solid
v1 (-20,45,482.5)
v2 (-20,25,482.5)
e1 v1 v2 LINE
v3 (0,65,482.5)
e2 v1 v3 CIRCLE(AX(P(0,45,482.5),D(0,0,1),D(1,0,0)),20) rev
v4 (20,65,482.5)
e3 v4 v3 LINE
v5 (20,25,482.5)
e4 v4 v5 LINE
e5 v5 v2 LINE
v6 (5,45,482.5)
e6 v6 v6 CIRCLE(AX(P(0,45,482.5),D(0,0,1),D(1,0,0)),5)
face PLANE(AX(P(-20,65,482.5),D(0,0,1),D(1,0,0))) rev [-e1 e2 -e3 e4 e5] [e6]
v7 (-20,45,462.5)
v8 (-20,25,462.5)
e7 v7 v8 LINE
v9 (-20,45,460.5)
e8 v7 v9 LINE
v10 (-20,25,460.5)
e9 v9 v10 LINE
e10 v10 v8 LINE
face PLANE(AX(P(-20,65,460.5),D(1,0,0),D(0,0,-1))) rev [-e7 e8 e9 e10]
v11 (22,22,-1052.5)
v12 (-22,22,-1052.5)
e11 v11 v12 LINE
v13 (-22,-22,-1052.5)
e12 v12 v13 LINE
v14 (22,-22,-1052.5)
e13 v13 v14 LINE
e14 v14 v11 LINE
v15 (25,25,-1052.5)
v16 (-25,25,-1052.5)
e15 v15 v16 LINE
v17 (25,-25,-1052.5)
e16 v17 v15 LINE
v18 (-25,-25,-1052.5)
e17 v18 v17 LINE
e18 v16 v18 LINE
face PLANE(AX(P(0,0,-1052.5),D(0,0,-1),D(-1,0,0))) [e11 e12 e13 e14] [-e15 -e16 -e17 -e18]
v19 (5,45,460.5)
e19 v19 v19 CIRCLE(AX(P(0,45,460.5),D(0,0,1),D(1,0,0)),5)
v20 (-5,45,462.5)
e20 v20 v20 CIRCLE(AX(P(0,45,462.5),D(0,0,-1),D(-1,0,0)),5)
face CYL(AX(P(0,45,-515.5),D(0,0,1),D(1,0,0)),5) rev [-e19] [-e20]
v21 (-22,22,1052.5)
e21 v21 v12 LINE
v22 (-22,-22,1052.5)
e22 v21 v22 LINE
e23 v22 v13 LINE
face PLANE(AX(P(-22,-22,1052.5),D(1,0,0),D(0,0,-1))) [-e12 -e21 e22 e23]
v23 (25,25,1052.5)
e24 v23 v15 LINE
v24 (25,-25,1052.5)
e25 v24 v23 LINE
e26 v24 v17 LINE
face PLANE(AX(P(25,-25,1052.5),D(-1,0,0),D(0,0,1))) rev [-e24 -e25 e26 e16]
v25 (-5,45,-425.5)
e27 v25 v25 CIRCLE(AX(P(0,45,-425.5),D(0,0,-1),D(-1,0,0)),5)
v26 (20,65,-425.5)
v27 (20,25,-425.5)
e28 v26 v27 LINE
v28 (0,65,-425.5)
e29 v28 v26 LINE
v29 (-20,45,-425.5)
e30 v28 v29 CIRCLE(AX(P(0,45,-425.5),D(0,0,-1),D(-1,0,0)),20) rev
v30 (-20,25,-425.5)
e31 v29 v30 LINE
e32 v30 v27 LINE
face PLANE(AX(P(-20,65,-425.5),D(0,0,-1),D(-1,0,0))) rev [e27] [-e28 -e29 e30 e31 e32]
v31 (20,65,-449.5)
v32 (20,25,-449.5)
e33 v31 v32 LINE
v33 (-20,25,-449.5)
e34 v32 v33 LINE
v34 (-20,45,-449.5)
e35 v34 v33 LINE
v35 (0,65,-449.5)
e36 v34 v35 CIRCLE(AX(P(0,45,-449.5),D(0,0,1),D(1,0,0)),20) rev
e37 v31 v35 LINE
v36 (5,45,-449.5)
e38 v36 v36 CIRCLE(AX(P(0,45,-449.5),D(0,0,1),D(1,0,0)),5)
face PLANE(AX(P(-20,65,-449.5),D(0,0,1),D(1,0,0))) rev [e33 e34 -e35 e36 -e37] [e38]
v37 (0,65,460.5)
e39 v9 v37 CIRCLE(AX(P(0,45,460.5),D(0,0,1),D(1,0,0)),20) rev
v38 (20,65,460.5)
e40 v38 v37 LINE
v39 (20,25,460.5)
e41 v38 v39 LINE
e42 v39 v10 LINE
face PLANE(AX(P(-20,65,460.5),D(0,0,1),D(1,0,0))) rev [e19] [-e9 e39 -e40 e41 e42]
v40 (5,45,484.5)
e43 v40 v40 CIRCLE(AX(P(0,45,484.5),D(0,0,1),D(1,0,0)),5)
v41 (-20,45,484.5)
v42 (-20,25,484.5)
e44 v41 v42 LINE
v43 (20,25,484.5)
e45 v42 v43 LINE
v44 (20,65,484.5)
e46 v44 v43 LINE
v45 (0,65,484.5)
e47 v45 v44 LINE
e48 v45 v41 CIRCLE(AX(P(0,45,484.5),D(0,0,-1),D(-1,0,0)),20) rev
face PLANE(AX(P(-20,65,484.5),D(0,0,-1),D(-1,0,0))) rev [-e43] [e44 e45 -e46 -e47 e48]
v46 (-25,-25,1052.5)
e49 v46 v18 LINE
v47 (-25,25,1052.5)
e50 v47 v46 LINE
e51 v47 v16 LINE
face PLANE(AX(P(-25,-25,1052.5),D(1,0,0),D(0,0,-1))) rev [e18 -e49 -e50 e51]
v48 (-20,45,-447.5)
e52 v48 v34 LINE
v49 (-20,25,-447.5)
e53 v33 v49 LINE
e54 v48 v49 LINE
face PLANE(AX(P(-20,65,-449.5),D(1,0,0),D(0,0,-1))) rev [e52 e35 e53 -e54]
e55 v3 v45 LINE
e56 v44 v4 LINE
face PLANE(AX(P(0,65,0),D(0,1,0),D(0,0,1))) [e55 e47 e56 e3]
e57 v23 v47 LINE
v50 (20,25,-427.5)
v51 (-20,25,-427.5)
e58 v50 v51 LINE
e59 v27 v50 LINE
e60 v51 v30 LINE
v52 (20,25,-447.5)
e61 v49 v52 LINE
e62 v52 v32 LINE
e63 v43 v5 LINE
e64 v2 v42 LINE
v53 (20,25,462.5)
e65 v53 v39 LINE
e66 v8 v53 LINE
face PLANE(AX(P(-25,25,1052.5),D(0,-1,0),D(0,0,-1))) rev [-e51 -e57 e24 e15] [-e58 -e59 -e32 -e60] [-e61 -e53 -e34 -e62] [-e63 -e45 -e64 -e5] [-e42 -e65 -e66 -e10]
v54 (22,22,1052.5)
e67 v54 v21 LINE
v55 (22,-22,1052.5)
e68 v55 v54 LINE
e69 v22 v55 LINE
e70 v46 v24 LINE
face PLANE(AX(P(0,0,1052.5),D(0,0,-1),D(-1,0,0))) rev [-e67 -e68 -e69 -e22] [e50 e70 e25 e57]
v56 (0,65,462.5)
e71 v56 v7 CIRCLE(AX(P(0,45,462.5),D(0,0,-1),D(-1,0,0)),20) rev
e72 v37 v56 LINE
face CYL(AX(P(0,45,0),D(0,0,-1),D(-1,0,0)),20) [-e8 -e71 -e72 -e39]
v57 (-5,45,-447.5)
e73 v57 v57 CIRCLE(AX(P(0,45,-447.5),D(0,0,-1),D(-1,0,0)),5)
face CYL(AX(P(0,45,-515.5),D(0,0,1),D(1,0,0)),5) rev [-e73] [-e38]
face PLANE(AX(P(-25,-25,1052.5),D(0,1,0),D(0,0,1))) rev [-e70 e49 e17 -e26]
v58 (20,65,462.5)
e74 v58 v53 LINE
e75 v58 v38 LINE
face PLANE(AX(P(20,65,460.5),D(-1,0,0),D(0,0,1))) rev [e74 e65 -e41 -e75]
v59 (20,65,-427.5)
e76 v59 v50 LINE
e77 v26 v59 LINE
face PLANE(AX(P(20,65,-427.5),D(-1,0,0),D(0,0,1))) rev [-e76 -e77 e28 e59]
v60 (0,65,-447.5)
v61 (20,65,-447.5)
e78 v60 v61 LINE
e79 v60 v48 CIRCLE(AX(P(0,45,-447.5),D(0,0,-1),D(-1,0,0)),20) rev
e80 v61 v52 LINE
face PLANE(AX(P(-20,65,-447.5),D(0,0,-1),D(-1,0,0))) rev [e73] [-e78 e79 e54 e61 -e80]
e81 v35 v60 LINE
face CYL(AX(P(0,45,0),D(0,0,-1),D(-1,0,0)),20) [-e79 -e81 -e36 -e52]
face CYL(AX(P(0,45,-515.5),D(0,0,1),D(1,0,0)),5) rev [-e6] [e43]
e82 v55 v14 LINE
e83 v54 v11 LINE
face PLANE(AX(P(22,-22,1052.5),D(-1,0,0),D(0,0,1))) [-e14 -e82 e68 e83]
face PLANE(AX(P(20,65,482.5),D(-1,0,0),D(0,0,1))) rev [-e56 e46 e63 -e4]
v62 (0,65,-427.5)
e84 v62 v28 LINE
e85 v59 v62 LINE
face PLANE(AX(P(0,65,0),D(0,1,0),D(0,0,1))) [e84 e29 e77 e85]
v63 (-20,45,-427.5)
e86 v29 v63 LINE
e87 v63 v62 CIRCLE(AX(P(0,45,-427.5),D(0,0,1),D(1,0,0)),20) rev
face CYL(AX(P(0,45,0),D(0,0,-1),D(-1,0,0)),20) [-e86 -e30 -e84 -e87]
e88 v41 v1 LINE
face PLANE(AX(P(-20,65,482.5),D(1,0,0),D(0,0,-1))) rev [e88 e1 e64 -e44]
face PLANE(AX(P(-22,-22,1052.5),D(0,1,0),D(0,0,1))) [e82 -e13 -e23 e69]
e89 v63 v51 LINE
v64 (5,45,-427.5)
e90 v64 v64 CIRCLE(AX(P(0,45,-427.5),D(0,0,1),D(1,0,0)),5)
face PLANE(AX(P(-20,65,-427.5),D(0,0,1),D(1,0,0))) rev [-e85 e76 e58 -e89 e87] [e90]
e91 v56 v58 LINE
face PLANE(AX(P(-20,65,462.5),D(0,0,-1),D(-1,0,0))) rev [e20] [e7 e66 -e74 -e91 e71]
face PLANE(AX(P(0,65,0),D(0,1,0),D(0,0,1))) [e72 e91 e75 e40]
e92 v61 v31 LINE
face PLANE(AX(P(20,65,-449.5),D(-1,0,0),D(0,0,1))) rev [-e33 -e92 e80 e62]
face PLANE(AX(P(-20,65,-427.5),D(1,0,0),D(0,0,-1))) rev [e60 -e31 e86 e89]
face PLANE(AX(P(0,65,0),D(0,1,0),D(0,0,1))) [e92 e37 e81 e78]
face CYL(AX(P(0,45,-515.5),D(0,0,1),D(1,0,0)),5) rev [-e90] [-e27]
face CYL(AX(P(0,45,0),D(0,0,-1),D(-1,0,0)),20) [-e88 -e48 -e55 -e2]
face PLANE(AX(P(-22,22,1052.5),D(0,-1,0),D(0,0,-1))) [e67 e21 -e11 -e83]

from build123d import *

# Parameters (mm, degrees)
SKETCH3_W           = 50
SKETCH3_H           = 50
SKETCH3_W_2         = 44
SKETCH3_H_2         = 44
BOSS_EXTRUDE1_DEPTH = 1052.5
SKETCH4_W           = 40
SKETCH4_H           = 2
BOSS_EXTRUDE2_DEPTH = 40
SKETCH5_R           = 5
CUT_EXTRUDE1_DEPTH  = 1000
FILLET1_R           = 20


with BuildPart() as part:
    # Sketch3 → Boss-Extrude1 (new, symmetric)
    with BuildSketch(Plane.XY):
        Rectangle(SKETCH3_W, SKETCH3_H)
        Rectangle(SKETCH3_W_2, SKETCH3_H_2, mode=Mode.SUBTRACT)
    extrude(amount=BOSS_EXTRUDE1_DEPTH, both=True)

    # Sketch4 → Boss-Extrude2 (add)
    with BuildSketch(Plane(origin=(0, 25, 0), x_dir=(1, 0, 0), z_dir=(0, 1, 0))):
        with Locations((0, 448.5)):
            Rectangle(SKETCH4_W, SKETCH4_H)
        with Locations((0, 426.5)):
            Rectangle(SKETCH4_W, SKETCH4_H)
        with Locations((0, -461.5)):
            Rectangle(SKETCH4_W, SKETCH4_H)
        with Locations((0, -483.5)):
            Rectangle(SKETCH4_W, SKETCH4_H)
    extrude(amount=BOSS_EXTRUDE2_DEPTH)

    # Sketch5 → Cut-Extrude1 (cut)
    with BuildSketch(Plane.XY.offset(484.5)):
        with Locations((0, 45)):
            Circle(SKETCH5_R)
    extrude(amount=-CUT_EXTRUDE1_DEPTH, mode=Mode.SUBTRACT)

    # Fillet1
    fillet1_edges = [part.edges().sort_by_distance(p)[0] for p in [
        (-20, 65, -448.5),
        (-20, 65, -426.5),
        (-20, 65, 461.5),
        (-20, 65, 483.5),
    ]]
    fillet(fillet1_edges, radius=FILLET1_R)


solid = part.part
